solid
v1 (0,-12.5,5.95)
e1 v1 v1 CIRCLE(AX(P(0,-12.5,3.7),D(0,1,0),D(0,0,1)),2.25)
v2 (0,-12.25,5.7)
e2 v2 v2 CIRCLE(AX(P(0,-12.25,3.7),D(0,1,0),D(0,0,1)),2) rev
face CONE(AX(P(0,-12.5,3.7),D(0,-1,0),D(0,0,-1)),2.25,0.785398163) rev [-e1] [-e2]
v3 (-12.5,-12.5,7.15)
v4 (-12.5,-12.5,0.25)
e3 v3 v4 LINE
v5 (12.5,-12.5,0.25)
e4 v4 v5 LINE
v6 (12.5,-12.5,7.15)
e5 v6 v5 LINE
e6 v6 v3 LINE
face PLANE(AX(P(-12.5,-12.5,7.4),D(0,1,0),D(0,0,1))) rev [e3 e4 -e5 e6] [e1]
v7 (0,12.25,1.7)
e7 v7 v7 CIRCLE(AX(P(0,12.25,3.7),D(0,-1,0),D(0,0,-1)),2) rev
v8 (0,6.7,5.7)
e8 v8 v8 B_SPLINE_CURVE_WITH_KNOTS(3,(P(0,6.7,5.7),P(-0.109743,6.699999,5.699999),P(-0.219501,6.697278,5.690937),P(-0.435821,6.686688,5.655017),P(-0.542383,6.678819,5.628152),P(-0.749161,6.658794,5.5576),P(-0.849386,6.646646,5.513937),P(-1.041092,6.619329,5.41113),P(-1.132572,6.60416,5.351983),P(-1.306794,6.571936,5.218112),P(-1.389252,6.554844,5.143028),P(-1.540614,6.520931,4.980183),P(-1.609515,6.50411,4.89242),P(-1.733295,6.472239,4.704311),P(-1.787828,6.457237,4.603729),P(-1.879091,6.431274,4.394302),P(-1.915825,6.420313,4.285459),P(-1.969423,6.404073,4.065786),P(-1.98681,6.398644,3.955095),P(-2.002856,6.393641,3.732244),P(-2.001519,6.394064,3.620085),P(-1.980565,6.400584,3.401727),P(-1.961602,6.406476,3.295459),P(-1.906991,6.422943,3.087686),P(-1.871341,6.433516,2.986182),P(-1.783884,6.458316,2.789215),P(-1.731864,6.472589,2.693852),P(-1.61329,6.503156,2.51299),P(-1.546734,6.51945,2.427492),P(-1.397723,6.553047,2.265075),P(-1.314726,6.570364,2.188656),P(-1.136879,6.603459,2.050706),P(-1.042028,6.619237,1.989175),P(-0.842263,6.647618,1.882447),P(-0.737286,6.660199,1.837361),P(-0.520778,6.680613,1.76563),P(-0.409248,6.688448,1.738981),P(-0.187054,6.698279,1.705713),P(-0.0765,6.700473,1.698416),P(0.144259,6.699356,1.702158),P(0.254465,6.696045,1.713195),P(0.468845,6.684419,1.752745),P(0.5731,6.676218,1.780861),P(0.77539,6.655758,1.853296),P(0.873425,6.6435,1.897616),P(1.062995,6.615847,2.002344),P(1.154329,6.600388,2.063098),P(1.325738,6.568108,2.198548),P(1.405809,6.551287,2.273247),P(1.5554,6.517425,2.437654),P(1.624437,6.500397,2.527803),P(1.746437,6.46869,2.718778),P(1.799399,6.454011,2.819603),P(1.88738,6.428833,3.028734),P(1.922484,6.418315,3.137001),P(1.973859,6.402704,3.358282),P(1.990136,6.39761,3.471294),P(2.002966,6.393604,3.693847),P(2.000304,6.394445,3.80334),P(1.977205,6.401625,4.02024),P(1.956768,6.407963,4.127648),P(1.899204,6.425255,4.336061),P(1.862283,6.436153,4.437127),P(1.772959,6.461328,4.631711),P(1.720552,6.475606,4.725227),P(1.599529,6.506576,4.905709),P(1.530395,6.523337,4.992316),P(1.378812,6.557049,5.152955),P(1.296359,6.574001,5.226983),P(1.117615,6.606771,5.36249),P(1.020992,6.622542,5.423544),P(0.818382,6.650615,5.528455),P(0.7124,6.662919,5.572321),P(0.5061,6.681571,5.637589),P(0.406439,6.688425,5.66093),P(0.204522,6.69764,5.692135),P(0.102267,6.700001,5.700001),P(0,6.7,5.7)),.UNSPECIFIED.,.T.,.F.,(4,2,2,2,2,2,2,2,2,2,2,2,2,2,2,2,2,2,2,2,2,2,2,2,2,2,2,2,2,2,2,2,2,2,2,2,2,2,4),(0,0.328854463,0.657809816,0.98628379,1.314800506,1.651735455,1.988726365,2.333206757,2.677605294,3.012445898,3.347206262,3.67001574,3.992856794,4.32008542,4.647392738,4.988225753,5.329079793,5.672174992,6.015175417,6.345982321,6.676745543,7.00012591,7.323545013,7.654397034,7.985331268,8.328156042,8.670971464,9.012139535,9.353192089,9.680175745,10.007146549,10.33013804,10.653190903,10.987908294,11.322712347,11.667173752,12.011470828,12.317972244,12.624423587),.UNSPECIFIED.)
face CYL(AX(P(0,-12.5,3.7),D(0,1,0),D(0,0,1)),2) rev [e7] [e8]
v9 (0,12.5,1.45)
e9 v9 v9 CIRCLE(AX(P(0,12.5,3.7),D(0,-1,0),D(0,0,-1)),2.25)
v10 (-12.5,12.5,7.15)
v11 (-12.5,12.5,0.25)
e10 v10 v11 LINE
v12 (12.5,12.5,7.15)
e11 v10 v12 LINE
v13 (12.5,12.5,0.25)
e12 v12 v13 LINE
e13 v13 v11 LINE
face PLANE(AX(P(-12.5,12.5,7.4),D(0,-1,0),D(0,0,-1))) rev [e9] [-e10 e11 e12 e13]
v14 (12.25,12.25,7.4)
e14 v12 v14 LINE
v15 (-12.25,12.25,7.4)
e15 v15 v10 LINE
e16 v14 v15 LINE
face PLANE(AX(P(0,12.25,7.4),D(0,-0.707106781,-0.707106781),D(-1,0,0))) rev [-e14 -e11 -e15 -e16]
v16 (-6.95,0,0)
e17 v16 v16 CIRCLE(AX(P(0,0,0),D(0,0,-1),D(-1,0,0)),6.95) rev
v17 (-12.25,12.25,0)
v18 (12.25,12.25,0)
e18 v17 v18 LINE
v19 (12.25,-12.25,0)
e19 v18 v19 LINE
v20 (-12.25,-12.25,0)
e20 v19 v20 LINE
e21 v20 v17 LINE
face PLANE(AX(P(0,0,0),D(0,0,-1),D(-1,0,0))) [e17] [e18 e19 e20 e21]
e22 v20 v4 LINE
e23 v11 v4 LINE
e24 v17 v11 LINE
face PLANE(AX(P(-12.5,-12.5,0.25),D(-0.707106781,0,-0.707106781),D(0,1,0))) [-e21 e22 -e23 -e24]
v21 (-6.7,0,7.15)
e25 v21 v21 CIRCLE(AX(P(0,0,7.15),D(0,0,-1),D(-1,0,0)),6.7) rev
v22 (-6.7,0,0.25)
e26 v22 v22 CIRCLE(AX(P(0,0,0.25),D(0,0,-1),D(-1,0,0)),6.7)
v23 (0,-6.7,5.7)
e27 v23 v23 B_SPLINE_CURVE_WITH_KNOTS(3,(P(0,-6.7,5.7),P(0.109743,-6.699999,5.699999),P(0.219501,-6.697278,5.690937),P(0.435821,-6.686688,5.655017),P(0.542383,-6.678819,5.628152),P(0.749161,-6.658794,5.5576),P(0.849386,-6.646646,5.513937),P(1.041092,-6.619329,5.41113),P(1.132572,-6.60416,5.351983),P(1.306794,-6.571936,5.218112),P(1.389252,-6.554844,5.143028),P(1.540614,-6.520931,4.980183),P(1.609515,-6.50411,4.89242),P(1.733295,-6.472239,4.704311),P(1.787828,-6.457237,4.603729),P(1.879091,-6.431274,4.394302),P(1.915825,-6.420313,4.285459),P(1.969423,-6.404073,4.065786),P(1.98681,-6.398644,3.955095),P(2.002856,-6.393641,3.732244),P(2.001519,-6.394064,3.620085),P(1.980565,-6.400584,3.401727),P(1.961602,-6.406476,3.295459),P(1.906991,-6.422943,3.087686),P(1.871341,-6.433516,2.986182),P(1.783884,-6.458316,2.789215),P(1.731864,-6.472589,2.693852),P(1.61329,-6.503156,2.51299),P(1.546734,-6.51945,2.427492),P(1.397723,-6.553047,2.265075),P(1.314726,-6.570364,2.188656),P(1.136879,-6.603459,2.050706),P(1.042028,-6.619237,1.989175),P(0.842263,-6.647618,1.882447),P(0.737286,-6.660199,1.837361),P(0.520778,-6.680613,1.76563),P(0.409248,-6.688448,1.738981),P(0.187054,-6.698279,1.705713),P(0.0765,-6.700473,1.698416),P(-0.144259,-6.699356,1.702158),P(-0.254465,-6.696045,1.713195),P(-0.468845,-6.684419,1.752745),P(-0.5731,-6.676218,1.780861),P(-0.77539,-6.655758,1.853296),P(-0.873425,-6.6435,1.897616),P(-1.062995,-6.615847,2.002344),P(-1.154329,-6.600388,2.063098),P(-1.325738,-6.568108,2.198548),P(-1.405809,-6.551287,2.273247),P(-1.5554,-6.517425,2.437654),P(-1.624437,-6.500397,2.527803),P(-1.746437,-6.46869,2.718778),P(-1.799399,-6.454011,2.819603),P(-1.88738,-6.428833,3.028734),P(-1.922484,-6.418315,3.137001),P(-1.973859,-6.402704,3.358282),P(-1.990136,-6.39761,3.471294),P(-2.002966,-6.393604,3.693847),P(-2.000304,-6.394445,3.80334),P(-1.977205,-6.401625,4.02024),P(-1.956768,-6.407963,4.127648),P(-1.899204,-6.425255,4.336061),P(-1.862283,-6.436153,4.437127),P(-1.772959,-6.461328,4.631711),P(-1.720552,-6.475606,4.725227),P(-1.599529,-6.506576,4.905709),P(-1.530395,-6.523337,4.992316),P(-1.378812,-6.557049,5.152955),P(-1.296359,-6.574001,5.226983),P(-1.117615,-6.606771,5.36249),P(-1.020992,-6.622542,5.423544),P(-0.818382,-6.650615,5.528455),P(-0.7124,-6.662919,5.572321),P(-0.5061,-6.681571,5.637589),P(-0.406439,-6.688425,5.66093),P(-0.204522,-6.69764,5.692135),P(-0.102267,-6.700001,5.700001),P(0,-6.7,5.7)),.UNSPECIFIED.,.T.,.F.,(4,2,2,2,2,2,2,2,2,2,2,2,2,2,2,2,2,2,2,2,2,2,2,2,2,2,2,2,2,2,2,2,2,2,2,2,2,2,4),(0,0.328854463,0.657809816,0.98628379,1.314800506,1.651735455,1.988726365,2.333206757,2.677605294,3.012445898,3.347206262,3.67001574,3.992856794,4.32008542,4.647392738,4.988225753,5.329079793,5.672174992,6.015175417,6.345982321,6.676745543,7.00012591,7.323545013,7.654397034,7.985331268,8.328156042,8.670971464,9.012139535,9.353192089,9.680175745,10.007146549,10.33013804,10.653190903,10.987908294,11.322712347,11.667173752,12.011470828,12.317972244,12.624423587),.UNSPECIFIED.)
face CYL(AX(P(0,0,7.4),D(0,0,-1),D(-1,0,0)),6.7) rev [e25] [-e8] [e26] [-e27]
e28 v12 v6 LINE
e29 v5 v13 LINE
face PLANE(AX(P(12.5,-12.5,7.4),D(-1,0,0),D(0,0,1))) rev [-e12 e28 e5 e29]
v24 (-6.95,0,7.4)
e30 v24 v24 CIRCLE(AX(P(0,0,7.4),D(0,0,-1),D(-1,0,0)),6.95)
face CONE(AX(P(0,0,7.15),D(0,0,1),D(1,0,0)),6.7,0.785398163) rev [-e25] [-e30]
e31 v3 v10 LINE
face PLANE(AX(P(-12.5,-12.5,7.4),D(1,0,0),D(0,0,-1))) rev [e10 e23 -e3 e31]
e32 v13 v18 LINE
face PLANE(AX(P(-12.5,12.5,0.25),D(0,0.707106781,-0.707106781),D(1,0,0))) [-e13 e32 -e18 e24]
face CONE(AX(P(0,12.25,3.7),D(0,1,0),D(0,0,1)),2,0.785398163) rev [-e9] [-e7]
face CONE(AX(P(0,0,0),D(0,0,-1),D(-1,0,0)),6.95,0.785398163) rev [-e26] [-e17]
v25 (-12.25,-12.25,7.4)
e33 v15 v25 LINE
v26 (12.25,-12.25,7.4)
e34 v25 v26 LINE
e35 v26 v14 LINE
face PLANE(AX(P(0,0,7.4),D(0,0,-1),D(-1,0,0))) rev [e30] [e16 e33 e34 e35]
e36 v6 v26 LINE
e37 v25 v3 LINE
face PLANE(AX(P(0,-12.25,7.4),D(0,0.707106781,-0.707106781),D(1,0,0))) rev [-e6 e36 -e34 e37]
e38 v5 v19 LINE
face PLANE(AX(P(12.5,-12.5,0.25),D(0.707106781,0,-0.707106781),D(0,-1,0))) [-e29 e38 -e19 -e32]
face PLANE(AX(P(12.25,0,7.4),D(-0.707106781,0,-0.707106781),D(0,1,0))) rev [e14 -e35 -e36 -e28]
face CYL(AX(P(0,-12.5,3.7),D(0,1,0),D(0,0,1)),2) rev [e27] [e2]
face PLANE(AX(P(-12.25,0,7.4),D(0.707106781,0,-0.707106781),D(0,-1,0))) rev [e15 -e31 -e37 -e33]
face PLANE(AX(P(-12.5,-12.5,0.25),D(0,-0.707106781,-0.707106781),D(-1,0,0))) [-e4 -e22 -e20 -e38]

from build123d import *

# Parameters (mm, degrees)
SKETCH1_W               = 25
SKETCH1_H               = 25
SKETCH1_R               = 6.7
BOSS_EXTRUDE1_DEPTH     = 7.4
CUT_EXTRUDE1_DEPTH      = 20.164028804
CUT_EXTRUDE1_DEPTH_BACK = 20.164028804
SKETCH2_R               = 2
CHAMFER1_SIZE           = 0.25


with BuildPart() as part:
    # Sketch1 → Boss-Extrude1 (new body)
    with BuildSketch(Plane.XY):
        Rectangle(SKETCH1_W, SKETCH1_H)
        Circle(SKETCH1_R, mode=Mode.SUBTRACT)
    extrude(amount=BOSS_EXTRUDE1_DEPTH)

    # Sketch2 → Cut-Extrude1 (cut, two sides: drawn at the far end of the back side and taken through both)
    with BuildSketch(Plane(origin=(0, 0, 0), x_dir=(1, 0, 0), z_dir=(0, 1, 0)).offset(-CUT_EXTRUDE1_DEPTH_BACK)):
        with Locations(Location((0, -3.7, 0), (0, 0, 270))):
            Circle(SKETCH2_R)
    extrude(amount=CUT_EXTRUDE1_DEPTH + CUT_EXTRUDE1_DEPTH_BACK, mode=Mode.SUBTRACT)

    # Chamfer1
    chamfer1_edges = [part.edges().sort_by_distance(p)[0] for p in [
        (-6.7, 0, 0),
        (-6.7, 0, 7.4),
        (-12.5, 0, 7.4),
        (0, -12.5, 7.4),
        (0, -12.5, 1.7),
        (0, 12.5, 1.7),
        (12.5, 0, 7.4),
        (0, -12.5, 0),
        (-12.5, 0, 0),
        (0, 12.5, 0),
        (12.5, 0, 0),
        (0, 12.5, 7.4),
    ]]
    chamfer(chamfer1_edges, length=CHAMFER1_SIZE)


solid = part.part
